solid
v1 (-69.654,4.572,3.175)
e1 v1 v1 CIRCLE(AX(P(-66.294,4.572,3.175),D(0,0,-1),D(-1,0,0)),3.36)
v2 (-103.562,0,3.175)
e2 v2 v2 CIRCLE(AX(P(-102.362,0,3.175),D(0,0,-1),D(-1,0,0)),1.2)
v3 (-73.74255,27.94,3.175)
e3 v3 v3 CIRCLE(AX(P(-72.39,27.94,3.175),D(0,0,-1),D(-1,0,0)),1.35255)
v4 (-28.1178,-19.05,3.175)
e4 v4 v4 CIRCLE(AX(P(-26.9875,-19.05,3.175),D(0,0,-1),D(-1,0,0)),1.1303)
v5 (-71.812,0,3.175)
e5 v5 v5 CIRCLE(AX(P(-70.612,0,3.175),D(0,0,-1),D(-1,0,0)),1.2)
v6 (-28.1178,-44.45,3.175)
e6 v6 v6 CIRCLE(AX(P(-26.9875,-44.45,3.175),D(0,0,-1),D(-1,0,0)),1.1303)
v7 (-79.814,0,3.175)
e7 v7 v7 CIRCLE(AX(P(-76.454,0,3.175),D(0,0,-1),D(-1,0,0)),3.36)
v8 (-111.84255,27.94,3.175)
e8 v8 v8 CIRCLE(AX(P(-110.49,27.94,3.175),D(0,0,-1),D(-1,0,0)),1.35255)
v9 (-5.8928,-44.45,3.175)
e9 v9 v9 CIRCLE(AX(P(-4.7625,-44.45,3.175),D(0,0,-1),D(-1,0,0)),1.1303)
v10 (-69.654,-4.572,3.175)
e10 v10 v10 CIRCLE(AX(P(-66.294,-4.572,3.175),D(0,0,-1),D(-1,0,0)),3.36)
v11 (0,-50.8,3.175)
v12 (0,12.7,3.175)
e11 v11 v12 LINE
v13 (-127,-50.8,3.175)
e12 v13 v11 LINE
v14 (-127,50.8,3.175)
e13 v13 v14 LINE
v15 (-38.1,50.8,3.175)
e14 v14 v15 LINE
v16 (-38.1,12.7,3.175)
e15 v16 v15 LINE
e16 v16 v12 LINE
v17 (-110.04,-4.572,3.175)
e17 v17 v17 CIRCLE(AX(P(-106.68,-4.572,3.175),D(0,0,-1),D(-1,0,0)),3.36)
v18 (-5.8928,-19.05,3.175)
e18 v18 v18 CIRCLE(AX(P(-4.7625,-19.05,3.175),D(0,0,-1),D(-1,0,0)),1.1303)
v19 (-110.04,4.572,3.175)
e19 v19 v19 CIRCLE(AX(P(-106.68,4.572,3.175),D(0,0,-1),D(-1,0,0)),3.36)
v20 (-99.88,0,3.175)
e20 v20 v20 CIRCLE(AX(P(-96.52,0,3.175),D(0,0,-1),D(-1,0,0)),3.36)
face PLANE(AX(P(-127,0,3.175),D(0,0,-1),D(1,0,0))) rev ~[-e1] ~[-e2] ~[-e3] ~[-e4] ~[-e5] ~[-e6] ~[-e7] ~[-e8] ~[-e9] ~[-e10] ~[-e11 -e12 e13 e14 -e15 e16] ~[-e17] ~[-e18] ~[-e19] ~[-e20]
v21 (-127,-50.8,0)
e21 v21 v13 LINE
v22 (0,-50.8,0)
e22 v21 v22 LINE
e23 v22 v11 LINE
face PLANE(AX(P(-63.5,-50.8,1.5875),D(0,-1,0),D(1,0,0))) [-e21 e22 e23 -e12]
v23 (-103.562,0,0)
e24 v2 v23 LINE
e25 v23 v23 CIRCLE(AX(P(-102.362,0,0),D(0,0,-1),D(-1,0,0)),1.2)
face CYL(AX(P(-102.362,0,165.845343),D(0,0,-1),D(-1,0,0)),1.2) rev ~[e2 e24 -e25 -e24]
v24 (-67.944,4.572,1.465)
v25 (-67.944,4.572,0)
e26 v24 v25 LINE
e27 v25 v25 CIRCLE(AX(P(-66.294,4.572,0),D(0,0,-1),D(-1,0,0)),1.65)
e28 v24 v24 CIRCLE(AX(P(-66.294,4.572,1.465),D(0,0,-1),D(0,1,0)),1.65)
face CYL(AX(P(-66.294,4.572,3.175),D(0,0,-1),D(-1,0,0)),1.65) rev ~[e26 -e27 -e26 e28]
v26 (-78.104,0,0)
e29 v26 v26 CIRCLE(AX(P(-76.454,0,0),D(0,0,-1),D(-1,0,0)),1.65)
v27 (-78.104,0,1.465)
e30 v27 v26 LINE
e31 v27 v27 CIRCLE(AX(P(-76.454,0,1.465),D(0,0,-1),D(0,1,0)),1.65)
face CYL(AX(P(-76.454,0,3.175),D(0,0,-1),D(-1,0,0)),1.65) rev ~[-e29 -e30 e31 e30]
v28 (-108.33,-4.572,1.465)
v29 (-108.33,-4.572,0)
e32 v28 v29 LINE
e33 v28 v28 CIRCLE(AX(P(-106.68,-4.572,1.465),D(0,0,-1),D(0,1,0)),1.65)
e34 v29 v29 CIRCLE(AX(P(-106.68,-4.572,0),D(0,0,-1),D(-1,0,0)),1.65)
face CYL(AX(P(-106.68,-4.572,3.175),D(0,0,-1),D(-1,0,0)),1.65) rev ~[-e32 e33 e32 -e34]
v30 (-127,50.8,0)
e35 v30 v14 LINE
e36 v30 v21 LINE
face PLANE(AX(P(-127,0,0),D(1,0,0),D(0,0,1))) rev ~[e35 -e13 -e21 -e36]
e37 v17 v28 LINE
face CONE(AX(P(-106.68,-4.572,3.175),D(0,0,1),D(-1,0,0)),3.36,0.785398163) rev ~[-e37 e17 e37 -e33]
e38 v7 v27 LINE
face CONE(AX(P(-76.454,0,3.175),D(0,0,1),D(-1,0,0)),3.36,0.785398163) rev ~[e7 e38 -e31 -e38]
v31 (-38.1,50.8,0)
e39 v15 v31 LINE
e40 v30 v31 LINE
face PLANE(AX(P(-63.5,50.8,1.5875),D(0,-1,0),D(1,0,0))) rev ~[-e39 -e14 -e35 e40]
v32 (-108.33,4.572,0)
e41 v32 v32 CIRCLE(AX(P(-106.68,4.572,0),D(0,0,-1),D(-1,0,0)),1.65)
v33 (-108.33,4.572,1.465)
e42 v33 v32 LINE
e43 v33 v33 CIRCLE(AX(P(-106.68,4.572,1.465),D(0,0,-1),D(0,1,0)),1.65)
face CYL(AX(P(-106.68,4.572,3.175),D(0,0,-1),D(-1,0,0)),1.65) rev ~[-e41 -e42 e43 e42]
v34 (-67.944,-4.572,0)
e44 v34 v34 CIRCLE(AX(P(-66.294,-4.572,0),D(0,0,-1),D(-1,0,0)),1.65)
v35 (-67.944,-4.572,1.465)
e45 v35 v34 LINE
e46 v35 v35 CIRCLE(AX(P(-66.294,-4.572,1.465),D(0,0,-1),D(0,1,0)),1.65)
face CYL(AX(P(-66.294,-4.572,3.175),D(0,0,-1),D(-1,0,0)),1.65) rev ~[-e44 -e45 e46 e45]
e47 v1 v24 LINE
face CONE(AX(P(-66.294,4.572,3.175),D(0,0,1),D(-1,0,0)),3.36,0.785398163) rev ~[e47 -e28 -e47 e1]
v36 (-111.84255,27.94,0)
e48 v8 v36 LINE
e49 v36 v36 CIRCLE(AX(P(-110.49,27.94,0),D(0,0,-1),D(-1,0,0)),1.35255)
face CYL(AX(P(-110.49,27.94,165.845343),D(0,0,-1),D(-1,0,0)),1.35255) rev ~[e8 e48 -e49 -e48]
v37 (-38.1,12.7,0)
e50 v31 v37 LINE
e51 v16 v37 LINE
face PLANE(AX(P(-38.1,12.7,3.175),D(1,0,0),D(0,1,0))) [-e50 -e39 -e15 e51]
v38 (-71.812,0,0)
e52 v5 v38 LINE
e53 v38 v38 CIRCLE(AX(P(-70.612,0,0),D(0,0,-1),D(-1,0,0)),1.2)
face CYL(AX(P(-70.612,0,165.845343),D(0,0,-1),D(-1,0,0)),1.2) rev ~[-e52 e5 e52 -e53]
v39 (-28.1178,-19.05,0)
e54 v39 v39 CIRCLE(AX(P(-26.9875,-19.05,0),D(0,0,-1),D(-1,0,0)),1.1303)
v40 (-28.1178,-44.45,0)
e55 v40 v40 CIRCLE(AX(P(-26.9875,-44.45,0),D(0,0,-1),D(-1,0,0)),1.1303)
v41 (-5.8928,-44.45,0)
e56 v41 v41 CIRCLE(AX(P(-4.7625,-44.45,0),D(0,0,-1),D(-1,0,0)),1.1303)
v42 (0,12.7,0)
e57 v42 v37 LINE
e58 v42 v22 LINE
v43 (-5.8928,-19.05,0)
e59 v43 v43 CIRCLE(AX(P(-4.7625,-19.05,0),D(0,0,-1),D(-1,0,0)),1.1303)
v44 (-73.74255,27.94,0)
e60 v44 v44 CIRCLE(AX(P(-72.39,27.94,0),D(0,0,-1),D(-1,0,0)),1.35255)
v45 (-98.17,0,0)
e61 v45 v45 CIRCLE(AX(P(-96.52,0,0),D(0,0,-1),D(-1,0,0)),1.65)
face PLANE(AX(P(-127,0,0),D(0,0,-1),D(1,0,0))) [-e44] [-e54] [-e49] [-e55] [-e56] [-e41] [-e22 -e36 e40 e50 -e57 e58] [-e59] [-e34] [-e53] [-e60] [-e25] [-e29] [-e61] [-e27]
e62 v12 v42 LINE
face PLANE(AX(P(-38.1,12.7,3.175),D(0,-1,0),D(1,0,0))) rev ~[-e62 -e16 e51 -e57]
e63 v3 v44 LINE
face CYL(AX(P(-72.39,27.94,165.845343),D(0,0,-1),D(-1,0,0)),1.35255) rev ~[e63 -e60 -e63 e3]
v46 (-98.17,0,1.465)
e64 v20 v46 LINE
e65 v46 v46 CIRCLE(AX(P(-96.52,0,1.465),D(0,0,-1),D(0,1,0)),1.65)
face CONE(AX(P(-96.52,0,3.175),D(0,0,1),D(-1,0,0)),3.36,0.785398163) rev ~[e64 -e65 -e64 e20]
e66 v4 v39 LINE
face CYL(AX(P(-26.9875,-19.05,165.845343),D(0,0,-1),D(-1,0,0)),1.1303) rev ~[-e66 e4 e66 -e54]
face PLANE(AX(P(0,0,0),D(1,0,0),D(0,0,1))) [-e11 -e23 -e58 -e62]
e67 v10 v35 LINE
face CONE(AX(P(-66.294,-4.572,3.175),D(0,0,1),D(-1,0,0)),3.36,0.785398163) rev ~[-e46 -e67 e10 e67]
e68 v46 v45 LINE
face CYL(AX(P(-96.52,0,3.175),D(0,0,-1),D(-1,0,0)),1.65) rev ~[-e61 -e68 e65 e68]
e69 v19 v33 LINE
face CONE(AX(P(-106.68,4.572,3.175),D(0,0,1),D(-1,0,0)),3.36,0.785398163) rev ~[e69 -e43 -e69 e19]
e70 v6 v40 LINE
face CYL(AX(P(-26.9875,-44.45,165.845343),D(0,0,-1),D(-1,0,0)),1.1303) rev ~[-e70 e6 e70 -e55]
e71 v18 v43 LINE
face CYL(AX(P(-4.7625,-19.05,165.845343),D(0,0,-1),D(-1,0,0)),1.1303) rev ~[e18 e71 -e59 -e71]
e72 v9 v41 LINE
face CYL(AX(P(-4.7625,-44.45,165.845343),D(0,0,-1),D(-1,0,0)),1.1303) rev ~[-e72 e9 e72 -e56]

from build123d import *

# Parameters (mm, degrees)
F0_W           = 127
F0_H           = 3.175
F1_DEPTH       = 50.8
F3_D           = 3.3
F3_CSINK_D     = 6.72
F3_CSINK_ANGLE = 90
F5_D           = 2.4
F6_W           = 38.1
F6_H           = 38.1
F7_DEPTH       = 3.176
F9_D           = 2.2606
F11_D          = 2.7051


with BuildPart() as f1:
    # F0 (on Front) → F1 (new body, symmetric)
    with BuildSketch(Plane.XZ):
        with Locations((-63.5, 1.5875)):
            Rectangle(F0_W, F0_H)
    extrude(amount=F1_DEPTH, both=True)

    # F3 (through all)
    with Locations(Plane.XY.offset(3.175)):
        with Locations((-66.294, 4.572), (-66.294, -4.572), (-76.454, 0), (-96.52, 0), (-106.68, 4.572), (-106.68, -4.572)):
            CounterSinkHole(F3_D / 2, F3_CSINK_D / 2, counter_sink_angle=F3_CSINK_ANGLE)

    # F5 (through all)
    with Locations(Plane.XY.offset(3.175)):
        with Locations((-102.362, 0), (-70.612, 0)):
            Hole(F5_D / 2)

    # F6 (on face) → F7 (cut, through all)
    with BuildSketch(Plane.XY.offset(3.175)):
        with Locations((-19.05, 31.75)):
            Rectangle(F6_W, F6_H)
    extrude(amount=-F7_DEPTH, mode=Mode.SUBTRACT)

    # F9 (through all)
    with Locations(Plane.XY.offset(3.175)):
        with Locations((-26.9875, -44.45), (-26.9875, -19.05), (-4.7625, -19.05), (-4.7625, -44.45)):
            Hole(F9_D / 2)

    # F11 (through all)
    with Locations(Plane.XY.offset(3.175)):
        with Locations((-110.49, 27.94), (-72.39, 27.94)):
            Hole(F11_D / 2)


solid = f1.part
